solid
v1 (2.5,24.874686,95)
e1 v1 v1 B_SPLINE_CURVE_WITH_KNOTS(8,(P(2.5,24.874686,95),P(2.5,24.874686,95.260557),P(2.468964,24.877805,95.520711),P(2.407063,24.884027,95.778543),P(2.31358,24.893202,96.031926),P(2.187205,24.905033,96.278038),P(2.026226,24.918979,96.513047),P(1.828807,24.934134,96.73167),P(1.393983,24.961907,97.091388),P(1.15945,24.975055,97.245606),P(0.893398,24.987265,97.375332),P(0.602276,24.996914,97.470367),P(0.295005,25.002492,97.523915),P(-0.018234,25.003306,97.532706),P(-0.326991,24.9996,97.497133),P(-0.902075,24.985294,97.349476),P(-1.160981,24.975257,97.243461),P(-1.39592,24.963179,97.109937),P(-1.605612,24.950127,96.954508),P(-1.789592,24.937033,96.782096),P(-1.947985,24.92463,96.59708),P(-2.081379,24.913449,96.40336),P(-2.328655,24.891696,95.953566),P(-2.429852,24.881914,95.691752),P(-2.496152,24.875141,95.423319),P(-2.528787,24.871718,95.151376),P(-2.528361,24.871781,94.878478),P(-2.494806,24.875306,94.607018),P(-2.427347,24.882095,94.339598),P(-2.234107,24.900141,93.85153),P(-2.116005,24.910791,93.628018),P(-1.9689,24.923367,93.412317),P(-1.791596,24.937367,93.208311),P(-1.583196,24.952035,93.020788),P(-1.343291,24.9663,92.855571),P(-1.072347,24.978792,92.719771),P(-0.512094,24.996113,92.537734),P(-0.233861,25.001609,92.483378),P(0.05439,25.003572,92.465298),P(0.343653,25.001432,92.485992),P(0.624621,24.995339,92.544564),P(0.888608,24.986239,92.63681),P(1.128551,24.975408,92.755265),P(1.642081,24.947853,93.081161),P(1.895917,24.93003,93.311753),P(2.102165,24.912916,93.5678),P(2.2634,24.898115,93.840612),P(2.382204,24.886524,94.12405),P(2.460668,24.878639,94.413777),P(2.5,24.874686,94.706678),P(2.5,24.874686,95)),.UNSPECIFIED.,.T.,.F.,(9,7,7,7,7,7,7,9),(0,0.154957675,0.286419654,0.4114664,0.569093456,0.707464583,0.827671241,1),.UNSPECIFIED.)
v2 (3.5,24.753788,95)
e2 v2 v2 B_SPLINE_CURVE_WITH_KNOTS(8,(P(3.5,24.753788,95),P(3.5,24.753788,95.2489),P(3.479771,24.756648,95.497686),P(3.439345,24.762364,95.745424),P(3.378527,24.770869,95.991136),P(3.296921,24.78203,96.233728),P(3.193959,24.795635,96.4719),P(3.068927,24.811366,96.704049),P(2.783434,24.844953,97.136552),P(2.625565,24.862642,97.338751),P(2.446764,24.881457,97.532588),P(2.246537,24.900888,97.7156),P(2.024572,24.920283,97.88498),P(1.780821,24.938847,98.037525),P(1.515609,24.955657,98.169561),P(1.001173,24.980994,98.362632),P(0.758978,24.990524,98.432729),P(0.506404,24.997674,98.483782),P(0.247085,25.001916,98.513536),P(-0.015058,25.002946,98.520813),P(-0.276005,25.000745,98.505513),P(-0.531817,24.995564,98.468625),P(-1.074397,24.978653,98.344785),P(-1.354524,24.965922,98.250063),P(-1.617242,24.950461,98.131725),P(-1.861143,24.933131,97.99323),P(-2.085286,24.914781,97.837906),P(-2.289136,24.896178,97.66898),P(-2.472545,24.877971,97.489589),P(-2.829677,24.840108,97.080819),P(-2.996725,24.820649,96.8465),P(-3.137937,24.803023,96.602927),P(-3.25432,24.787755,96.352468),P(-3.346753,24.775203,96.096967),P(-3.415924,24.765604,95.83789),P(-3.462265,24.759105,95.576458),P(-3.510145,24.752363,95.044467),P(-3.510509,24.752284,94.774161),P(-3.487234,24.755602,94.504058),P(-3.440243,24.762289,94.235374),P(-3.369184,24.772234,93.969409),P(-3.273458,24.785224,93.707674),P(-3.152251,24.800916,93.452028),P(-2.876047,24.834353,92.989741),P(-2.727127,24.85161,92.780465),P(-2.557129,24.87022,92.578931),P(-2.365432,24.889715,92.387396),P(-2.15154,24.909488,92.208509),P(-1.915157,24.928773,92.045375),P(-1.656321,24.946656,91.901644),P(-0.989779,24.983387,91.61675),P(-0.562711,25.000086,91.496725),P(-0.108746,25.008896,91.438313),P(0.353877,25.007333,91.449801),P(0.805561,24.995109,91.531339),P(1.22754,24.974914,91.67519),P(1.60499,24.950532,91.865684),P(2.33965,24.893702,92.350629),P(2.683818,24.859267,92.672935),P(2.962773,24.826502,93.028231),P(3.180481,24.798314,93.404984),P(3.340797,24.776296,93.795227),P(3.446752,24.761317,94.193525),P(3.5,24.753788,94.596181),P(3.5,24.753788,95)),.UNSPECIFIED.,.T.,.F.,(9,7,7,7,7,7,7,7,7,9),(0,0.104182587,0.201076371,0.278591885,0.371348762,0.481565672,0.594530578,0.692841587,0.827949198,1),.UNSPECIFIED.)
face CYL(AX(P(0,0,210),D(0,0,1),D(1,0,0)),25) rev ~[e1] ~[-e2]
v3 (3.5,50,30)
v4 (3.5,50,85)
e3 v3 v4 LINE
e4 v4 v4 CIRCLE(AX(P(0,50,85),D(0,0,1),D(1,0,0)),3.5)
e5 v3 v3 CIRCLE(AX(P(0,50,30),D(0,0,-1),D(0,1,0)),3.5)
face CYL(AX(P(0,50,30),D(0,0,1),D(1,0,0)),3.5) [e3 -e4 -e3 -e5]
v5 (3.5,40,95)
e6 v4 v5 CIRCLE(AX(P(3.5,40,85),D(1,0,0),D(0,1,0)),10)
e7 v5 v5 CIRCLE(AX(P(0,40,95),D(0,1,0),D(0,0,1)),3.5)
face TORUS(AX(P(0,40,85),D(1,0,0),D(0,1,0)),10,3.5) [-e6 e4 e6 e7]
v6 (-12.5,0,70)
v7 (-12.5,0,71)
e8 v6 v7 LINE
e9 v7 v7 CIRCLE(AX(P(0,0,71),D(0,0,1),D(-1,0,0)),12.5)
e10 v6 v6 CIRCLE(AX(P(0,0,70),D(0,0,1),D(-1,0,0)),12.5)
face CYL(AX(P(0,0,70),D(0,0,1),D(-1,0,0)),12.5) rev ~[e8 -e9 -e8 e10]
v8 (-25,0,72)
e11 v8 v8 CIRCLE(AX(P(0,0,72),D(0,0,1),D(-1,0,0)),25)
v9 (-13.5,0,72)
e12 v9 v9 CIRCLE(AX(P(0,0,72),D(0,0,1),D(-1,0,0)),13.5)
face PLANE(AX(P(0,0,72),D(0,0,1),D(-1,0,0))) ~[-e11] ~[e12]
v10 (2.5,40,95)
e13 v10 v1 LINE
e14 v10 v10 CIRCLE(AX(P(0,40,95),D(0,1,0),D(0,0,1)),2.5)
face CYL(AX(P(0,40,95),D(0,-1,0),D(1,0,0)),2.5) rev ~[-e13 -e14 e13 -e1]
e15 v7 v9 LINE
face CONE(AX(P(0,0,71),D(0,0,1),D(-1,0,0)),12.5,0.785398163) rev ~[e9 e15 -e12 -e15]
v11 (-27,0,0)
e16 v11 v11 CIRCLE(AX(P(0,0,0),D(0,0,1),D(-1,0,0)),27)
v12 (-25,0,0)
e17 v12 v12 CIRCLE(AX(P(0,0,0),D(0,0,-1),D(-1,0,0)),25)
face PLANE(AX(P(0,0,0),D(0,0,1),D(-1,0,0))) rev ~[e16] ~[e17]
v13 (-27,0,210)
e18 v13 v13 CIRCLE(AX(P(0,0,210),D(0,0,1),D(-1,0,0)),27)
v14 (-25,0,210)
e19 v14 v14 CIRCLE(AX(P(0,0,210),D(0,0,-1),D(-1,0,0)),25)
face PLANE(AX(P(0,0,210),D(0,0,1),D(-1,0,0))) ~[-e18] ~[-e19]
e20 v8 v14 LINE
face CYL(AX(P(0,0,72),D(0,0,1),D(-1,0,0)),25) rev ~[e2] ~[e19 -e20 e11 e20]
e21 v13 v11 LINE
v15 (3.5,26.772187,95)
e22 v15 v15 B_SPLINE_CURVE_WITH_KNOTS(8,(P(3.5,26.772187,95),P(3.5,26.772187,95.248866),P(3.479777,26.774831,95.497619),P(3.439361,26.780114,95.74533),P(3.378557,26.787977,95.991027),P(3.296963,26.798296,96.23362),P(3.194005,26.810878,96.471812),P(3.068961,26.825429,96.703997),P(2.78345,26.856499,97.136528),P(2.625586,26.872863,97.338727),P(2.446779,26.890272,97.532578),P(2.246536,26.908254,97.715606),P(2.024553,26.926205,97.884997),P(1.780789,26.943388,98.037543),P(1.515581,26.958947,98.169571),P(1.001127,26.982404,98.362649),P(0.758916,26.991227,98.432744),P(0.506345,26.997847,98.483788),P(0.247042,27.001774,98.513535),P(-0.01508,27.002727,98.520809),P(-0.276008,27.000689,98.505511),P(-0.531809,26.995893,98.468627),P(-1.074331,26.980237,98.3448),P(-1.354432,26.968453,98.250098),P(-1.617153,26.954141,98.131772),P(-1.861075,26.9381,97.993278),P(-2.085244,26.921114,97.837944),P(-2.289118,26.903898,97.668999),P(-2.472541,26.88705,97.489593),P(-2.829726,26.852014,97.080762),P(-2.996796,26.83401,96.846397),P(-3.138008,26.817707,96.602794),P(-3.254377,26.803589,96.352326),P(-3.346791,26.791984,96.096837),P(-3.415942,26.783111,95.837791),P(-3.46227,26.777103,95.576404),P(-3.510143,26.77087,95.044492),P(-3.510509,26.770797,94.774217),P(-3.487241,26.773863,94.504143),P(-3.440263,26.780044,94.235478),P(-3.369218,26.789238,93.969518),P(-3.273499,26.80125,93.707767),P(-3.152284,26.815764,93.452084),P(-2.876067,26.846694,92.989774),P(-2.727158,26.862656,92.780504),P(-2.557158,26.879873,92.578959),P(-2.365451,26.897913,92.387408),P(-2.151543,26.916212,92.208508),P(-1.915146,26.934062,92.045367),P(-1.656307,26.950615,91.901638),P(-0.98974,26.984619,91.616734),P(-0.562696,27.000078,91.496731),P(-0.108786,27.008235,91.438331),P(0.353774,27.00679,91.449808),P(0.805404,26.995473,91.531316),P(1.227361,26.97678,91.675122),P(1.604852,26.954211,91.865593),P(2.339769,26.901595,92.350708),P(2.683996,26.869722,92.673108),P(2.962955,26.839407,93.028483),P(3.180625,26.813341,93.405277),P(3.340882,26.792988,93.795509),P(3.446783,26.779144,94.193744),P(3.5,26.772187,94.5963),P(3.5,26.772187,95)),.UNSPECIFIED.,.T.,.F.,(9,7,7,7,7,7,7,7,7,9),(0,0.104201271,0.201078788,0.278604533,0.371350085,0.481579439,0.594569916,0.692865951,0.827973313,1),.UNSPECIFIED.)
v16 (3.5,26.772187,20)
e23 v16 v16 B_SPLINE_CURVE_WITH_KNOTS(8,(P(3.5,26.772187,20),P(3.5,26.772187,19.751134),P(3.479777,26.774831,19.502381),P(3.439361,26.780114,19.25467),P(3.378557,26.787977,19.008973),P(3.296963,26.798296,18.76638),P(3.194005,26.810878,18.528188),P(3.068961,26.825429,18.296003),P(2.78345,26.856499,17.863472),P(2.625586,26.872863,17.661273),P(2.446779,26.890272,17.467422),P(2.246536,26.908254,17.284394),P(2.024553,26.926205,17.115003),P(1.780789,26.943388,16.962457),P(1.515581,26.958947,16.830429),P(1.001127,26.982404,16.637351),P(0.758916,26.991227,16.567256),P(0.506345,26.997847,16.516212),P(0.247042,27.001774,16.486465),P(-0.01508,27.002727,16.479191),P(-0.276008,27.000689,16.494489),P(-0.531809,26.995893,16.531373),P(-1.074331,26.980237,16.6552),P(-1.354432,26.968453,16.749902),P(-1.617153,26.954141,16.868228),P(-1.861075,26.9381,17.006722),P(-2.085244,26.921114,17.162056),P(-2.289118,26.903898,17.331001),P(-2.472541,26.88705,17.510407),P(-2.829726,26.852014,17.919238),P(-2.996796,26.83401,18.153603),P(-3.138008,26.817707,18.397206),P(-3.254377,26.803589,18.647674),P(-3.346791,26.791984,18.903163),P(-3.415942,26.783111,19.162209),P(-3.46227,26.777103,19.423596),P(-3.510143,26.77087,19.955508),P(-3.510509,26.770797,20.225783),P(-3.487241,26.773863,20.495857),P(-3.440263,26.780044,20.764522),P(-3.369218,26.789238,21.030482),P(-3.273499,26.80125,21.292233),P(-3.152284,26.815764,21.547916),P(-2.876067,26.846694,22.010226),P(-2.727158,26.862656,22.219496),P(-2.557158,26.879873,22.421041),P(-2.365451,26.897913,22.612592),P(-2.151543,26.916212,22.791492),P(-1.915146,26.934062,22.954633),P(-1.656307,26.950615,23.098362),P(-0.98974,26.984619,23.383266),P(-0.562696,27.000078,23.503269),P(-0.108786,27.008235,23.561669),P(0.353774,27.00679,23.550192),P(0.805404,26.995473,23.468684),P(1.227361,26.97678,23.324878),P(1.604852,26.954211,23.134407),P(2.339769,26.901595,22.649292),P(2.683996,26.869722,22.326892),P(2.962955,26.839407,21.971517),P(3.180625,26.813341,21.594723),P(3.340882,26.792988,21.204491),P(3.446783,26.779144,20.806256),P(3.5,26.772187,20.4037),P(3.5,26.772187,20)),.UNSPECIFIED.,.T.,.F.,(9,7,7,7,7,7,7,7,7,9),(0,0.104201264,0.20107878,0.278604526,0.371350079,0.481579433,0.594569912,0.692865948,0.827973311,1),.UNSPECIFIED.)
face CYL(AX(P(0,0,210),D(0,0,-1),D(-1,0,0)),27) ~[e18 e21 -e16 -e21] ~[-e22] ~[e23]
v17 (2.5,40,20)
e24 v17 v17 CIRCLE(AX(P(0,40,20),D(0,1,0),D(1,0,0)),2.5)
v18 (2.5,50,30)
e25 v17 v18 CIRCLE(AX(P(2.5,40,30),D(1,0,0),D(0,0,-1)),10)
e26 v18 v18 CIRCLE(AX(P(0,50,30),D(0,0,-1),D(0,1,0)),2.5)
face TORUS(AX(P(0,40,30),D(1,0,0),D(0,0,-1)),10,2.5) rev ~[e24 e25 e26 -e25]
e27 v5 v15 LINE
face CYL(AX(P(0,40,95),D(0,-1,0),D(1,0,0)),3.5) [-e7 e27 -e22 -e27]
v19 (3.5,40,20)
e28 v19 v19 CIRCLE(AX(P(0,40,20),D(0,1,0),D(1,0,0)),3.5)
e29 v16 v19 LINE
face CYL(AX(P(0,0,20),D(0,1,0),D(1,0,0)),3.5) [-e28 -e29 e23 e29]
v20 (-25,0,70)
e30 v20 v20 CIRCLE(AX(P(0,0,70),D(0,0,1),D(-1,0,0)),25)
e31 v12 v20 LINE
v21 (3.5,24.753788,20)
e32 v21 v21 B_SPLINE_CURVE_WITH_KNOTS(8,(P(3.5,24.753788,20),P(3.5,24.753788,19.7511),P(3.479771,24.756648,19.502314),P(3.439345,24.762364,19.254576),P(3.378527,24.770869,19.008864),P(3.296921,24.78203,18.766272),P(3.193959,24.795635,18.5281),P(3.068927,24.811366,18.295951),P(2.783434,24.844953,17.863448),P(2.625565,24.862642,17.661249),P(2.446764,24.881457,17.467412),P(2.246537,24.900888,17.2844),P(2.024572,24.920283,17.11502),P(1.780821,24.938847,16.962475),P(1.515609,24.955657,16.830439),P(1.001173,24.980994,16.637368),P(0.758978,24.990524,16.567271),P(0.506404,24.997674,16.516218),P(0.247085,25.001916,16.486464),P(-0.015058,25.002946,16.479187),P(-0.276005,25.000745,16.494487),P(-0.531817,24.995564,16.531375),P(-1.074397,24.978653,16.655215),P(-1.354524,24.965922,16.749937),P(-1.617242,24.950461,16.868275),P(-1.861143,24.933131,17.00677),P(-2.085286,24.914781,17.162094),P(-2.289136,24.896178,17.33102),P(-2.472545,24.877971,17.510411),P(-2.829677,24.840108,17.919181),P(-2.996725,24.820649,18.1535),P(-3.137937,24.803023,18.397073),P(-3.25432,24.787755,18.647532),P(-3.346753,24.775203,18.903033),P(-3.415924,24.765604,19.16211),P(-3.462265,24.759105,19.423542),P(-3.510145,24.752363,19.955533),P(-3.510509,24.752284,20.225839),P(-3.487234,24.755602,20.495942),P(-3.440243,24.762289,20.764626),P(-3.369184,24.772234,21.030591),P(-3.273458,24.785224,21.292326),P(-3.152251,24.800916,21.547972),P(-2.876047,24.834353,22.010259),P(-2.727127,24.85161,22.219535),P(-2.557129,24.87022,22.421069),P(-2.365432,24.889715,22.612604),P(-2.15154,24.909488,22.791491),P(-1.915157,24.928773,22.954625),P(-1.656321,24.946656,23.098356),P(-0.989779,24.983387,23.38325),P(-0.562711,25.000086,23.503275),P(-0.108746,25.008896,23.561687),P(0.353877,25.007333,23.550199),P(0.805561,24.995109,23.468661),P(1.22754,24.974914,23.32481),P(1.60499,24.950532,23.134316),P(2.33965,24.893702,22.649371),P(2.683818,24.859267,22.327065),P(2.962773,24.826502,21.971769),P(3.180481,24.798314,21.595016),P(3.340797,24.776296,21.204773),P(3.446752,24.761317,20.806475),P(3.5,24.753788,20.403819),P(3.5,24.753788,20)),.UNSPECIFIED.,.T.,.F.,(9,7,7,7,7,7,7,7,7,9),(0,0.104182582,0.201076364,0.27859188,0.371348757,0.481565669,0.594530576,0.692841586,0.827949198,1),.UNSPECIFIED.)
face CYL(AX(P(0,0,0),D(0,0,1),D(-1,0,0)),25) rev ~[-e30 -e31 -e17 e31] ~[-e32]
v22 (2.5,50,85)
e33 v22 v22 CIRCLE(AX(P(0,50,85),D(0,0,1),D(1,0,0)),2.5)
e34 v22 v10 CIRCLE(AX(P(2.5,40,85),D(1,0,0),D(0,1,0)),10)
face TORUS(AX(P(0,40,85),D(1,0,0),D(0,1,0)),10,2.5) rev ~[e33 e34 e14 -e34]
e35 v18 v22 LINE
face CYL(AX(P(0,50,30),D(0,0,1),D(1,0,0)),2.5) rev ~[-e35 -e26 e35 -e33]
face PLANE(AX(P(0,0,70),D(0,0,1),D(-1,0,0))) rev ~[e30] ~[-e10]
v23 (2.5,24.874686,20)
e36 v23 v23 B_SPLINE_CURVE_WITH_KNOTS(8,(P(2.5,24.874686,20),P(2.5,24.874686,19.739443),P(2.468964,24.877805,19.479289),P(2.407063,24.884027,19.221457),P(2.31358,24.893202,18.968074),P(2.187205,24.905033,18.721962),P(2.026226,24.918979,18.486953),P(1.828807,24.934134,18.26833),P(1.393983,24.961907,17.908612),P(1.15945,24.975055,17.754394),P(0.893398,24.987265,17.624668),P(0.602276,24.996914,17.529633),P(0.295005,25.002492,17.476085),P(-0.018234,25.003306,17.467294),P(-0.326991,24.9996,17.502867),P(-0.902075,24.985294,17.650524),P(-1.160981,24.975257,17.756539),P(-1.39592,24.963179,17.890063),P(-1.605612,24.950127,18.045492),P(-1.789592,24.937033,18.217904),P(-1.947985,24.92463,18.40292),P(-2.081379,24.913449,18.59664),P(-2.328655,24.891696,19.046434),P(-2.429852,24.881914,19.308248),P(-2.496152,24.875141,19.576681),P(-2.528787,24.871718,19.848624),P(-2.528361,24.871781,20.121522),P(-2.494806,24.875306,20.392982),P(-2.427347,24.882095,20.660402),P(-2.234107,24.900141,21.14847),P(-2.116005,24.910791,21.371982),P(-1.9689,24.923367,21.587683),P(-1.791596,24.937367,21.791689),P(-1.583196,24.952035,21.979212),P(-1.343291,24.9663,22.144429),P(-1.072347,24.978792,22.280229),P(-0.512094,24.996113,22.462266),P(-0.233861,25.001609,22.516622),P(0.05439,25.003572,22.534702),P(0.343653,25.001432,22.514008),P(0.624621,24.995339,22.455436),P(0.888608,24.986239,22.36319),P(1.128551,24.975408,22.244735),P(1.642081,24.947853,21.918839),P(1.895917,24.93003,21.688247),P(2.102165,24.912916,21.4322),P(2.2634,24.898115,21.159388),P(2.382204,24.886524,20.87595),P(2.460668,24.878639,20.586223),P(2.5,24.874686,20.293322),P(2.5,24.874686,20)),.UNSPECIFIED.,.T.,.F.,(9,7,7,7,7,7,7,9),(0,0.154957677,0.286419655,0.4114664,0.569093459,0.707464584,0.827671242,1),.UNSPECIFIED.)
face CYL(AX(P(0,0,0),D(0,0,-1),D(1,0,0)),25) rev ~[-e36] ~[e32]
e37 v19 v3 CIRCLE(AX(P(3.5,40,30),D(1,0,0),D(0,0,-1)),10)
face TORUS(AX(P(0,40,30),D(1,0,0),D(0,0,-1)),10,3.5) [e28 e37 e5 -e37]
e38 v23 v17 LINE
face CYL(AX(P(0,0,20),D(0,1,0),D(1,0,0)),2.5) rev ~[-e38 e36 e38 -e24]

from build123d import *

# Parameters (mm, degrees)
F3_R      = 3.5
F5_R      = 2.5
F7_R      = 25
F8_DEPTH  = 138
F9_R      = 25
F10_DEPTH = 70


with BuildPart() as f1:
    # F0 (on Front) → F1 (revolve)
    with BuildSketch(Plane.XZ):
        Polygon((-25, 210), (-27, 210), (-27, 0), (-25, 0), (-25, 70), (-12.5, 70), (-12.5, 71), (-13.5, 72), (-25, 72), align=None)
    revolve(axis=Axis((0, 0, 105), (0, 0, 1)))

    # F4: sweep along a path in F2
    with BuildLine(Plane.YZ) as f4_path:
        Line((0, 20), (40, 20))
        ThreePointArc((40, 20), (47.0710678119, 22.9289321881), (50, 30))
        Line((50, 30), (50, 85))
        ThreePointArc((50, 85), (47.0710678119, 92.0710678119), (40, 95))
        Line((40, 95), (0, 95))
    # F3 (on Front) → F4 (sweep)
    with BuildSketch(Plane.XZ):
        with Locations((0, 20)):
            Circle(F3_R)
    sweep(path=f4_path.line)

    # F6: sweep along a path in F2
    with BuildLine(Plane.YZ) as f6_path:
        Line((0, 20), (40, 20))
        ThreePointArc((40, 20), (47.0710678119, 22.9289321881), (50, 30))
        Line((50, 30), (50, 85))
        ThreePointArc((50, 85), (47.0710678119, 92.0710678119), (40, 95))
        Line((40, 95), (0, 95))
    # F5 (on Front) → F6 (sweep, cut)
    with BuildSketch(Plane.XZ):
        with Locations((0, 20)):
            Circle(F5_R)
    sweep(path=f6_path.line, mode=Mode.SUBTRACT)

    # F7 (on face) → F8 (cut, through all)
    with BuildSketch(Plane.XY.offset(210)):
        Circle(F7_R)
    extrude(amount=-F8_DEPTH, mode=Mode.SUBTRACT)

    # F9 (on face) → F10 (cut, through all)
    with BuildSketch(Plane(origin=(0, 0, 0), x_dir=(1, 0, 0), z_dir=(0, 0, -1))):
        Circle(F9_R)
    extrude(amount=-F10_DEPTH, mode=Mode.SUBTRACT)


solid = f1.part
